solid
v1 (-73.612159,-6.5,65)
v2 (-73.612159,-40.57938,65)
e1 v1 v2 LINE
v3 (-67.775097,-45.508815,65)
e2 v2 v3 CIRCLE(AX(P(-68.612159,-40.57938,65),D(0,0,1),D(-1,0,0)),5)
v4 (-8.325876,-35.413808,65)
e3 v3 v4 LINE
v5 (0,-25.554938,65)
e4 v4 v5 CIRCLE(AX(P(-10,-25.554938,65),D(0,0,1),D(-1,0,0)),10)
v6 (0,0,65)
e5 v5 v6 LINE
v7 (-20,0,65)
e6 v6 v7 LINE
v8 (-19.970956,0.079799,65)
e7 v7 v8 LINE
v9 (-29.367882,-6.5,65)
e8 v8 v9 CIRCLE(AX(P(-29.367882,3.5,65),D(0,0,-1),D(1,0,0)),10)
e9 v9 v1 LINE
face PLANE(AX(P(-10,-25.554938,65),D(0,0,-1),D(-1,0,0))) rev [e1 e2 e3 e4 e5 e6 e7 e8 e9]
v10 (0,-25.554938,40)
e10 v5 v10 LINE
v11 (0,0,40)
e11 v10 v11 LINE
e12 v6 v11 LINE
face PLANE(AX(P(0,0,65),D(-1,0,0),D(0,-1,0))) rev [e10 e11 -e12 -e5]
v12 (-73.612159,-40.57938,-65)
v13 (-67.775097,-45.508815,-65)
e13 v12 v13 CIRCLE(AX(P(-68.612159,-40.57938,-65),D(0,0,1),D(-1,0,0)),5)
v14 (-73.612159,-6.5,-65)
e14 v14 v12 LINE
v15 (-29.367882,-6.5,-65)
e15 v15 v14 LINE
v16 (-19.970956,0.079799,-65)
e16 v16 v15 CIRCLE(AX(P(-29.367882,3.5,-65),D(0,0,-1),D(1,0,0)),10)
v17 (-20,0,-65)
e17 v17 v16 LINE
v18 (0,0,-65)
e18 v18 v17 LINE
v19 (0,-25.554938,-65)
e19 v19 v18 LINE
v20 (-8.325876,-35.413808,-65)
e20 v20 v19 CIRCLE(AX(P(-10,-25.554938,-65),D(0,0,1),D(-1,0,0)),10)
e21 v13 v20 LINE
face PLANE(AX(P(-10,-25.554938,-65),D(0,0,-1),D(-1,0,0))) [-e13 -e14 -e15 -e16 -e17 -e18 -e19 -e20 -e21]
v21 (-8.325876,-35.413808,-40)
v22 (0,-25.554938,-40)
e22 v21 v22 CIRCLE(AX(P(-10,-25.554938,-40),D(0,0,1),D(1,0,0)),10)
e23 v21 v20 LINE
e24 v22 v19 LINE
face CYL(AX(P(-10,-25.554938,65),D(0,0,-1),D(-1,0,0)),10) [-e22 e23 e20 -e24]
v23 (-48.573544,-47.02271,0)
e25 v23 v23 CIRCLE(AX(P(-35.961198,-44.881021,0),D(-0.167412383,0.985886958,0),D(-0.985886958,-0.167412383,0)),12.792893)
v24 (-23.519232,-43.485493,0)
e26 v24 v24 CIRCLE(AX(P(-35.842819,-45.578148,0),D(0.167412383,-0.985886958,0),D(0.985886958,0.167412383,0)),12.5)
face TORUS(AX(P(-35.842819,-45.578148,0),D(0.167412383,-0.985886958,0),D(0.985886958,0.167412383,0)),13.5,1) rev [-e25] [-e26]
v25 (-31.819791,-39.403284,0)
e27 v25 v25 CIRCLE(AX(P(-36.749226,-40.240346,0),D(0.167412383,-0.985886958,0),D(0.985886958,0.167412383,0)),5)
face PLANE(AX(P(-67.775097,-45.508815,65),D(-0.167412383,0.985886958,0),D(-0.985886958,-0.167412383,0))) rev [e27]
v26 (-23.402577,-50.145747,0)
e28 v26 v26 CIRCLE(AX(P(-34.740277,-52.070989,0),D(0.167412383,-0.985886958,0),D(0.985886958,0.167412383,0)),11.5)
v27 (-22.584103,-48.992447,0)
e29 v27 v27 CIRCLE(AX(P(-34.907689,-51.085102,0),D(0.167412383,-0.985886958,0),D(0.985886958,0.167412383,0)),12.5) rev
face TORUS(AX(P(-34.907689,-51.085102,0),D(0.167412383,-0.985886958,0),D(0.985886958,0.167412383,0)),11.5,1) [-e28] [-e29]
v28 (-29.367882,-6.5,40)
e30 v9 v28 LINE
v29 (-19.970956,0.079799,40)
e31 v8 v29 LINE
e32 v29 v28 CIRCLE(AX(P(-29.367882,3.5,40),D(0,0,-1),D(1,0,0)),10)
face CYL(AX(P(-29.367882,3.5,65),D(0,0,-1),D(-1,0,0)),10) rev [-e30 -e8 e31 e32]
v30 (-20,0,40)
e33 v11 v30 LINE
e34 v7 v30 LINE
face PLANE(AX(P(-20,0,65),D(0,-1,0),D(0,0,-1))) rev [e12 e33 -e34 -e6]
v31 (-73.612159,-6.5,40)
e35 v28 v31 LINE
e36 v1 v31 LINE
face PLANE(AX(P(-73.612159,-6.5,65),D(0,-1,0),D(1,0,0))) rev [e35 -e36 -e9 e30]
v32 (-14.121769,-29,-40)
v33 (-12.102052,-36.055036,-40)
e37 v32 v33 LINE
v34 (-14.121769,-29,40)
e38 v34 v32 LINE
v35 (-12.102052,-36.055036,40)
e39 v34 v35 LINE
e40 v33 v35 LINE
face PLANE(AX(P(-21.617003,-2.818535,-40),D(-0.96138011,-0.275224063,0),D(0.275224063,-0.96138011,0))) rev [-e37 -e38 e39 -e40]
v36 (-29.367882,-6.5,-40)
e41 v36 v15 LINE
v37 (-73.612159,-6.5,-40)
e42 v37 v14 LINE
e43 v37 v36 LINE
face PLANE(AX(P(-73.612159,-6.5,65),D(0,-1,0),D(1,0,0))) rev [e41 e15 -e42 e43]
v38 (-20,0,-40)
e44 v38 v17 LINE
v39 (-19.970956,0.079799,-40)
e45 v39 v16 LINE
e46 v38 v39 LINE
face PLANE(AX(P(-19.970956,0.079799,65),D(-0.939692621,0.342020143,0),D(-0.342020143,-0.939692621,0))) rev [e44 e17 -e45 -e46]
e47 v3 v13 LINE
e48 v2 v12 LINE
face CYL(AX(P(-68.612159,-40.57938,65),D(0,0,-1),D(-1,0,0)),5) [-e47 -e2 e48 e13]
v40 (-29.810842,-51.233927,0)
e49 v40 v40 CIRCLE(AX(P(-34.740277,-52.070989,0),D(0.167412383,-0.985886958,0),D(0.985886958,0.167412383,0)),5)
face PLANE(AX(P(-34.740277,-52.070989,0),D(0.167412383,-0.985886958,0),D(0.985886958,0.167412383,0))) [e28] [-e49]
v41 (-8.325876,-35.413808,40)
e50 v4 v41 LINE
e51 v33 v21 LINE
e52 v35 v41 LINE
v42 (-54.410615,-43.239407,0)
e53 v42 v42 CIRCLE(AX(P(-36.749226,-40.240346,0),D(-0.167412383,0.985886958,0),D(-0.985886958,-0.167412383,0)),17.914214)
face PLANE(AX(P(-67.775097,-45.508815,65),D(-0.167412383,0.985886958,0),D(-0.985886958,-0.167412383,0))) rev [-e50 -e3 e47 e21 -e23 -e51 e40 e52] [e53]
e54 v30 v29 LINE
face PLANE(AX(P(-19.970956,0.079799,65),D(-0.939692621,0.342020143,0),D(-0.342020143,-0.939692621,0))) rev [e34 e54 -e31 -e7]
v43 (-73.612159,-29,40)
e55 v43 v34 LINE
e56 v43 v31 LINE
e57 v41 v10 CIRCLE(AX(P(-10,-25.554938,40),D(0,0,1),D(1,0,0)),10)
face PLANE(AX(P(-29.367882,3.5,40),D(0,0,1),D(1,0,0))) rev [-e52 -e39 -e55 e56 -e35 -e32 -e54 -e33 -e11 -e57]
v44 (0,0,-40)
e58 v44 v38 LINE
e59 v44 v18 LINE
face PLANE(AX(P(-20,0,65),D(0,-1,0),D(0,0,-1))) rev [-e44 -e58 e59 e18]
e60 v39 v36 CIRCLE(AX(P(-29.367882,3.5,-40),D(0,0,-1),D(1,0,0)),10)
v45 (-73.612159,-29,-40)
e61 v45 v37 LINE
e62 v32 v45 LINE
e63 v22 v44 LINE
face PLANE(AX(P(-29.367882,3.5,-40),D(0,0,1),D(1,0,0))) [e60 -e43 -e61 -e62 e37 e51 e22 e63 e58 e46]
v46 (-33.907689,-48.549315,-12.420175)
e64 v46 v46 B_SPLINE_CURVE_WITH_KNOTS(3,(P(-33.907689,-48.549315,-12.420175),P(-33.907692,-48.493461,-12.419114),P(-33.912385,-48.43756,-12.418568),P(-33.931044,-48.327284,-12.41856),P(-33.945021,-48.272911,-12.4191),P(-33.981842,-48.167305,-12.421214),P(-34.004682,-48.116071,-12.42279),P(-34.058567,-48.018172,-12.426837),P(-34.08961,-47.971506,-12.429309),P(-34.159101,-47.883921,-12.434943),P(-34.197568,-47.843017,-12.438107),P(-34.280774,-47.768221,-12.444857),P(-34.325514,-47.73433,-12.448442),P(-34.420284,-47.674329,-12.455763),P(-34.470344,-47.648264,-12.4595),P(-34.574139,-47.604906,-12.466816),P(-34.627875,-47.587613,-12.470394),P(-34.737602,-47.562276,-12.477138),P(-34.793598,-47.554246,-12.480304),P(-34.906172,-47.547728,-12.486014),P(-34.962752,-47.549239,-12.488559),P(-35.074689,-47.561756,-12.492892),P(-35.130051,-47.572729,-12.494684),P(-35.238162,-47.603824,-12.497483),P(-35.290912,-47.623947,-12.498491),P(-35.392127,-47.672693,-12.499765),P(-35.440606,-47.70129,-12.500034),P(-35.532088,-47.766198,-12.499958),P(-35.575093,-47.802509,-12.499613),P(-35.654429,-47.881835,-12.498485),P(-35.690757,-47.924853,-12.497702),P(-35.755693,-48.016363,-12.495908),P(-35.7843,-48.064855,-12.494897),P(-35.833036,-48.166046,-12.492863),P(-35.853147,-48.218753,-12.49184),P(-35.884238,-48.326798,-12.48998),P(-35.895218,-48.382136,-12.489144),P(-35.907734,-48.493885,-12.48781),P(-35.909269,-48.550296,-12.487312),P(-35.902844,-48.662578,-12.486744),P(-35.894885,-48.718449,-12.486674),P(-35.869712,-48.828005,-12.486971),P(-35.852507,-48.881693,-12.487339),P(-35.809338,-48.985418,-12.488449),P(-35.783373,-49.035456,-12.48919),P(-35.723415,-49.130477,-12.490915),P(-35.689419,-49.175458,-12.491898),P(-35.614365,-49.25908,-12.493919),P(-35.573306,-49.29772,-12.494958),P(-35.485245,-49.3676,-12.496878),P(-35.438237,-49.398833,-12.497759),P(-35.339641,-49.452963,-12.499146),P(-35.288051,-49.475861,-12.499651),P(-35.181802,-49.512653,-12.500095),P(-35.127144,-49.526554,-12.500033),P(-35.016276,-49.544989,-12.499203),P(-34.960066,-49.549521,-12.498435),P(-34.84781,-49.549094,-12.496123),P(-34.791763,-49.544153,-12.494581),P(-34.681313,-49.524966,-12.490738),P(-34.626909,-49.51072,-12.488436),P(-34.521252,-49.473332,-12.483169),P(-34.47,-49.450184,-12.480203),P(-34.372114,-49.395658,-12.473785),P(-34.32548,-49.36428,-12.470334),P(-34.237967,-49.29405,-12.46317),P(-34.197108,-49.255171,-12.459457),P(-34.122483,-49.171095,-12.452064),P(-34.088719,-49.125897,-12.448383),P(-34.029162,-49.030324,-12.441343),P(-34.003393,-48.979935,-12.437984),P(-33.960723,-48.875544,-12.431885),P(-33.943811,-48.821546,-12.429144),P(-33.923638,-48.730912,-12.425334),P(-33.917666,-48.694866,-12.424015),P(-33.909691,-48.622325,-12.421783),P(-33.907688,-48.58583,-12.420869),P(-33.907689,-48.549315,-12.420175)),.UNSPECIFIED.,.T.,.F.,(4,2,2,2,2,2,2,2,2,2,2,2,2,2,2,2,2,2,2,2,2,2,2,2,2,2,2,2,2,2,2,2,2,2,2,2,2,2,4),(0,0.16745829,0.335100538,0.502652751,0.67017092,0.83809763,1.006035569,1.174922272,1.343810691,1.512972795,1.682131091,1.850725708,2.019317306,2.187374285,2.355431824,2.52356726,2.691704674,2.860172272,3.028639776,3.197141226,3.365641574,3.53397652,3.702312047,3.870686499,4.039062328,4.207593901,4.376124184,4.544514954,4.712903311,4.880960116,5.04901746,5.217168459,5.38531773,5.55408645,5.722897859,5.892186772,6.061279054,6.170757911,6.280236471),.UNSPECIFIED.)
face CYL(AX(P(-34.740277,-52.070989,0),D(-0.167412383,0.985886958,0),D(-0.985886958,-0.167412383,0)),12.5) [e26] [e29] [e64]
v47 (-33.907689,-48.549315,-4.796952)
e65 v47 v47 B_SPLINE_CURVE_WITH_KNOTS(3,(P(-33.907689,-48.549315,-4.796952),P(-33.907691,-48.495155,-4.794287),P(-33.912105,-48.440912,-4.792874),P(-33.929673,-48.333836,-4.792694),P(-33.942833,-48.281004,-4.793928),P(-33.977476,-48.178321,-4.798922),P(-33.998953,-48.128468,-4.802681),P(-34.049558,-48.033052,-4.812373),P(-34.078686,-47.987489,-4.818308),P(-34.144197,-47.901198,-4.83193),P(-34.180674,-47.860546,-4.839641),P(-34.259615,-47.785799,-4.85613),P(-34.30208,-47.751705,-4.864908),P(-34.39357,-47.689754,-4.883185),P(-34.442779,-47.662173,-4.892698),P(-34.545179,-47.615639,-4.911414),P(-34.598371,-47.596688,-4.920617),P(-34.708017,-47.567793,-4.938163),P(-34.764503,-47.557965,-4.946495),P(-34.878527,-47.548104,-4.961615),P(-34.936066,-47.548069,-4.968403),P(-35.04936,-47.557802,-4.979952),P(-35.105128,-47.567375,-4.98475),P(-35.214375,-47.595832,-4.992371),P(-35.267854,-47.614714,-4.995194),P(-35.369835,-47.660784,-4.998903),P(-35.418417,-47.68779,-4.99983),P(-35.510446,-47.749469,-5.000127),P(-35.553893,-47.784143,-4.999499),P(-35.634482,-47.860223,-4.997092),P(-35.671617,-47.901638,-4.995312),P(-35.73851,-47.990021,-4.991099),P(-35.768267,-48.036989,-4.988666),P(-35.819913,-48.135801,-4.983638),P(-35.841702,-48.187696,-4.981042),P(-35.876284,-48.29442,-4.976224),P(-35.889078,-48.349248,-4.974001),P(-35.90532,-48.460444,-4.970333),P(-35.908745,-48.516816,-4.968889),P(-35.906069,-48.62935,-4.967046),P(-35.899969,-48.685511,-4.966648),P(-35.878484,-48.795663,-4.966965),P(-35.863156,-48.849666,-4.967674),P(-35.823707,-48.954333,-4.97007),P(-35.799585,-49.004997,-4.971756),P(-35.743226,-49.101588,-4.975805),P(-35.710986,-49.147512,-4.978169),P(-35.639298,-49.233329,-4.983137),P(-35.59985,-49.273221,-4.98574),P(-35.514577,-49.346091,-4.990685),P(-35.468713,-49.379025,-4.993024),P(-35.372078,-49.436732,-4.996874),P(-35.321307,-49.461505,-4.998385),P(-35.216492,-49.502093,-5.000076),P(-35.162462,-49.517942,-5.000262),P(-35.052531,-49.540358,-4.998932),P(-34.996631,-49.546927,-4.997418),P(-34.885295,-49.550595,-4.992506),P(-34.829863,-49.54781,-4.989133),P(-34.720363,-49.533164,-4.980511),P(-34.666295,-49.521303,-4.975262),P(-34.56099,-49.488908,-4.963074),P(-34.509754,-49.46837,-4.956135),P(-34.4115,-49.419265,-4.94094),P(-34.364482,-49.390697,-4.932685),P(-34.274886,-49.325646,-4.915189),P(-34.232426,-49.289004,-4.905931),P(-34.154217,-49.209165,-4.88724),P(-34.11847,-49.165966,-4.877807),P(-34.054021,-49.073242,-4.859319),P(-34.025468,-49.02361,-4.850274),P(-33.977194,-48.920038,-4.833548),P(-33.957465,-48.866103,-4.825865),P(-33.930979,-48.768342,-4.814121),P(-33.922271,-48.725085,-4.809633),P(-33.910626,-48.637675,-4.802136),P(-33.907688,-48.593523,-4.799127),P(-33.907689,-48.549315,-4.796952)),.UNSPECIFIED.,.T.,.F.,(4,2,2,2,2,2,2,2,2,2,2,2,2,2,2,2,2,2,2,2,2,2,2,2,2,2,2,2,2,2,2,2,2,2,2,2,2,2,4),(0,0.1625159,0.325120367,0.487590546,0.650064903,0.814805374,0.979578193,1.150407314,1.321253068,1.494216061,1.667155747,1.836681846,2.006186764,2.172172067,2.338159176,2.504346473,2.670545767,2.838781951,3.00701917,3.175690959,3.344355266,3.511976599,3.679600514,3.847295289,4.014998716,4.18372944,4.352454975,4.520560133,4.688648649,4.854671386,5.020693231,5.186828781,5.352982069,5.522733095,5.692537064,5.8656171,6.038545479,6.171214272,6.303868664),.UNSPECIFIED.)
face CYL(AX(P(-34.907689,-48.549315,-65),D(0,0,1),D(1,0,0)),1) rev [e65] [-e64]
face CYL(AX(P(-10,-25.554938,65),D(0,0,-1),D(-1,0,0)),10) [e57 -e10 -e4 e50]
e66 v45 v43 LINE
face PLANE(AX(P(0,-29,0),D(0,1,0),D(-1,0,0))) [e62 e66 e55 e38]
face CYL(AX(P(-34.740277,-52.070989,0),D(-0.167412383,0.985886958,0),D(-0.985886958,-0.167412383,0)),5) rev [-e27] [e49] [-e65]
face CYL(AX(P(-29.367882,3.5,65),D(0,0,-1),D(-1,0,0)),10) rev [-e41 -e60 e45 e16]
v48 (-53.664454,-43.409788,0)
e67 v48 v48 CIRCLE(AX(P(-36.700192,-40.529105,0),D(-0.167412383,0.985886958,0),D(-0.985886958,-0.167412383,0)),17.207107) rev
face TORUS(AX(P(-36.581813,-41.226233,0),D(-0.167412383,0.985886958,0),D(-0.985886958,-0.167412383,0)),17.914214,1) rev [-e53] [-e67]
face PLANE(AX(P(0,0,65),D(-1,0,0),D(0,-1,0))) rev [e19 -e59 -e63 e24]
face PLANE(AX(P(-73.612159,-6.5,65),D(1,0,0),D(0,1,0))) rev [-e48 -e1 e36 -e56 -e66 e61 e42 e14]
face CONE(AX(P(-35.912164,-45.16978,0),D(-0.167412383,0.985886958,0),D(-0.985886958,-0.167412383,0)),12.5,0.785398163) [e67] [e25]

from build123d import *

# Parameters (mm, degrees)
BOSS_EXTRUDE1_DEPTH = 65
CUT_EXTRUDE1_DEPTH  = 40
CUT_EXTRUDE4_DEPTH  = 22.5
SKETCH6_R           = 12.5
SKETCH6_R_2         = 5
BOSS_EXTRUDE2_DEPTH = 12
CHAMFER1_SIZE       = 5
FILLET1_R           = 1
SKETCH7_R           = 1
CUT_EXTRUDE5_DEPTH  = 66


with BuildPart() as part:
    # Sketch1 → Boss-Extrude1 (new body, symmetric)
    with BuildSketch(Plane.XY):
        with BuildLine():
            Line((0, 0), (0, -25.554938316))
            ThreePointArc((0, -25.554938316), (-2.359933303, -32.007021768), (-8.325876175, -35.413807897))
            Line((-8.325876175, -35.413807897), (-67.775097409, -45.508814922))
            ThreePointArc((-67.775097409, -45.508814922), (-71.838201048, -44.399413479), (-73.612159322, -40.579380131))
            Line((-73.612159322, -40.579380131), (-73.612159322, -6.5))
            Line((-73.612159322, -6.5), (-29.367881905, -6.5))
            ThreePointArc((-29.367881905, -6.5), (-23.632117541, -4.691520443), (-19.970955697, 0.079798567))
            Line((-19.970955697, 0.079798567), (-20, 0))
            Line((-20, 0), (0, 0))
        make_face()
    extrude(amount=BOSS_EXTRUDE1_DEPTH, both=True)

    # Sketch2 → Cut-Extrude1 (cut, symmetric)
    with BuildSketch(Plane.XY):
        with BuildLine():
            Line((-20, 0), (-19.970955697, 0.079798567))
            ThreePointArc((-19.970955697, 0.079798567), (-20.672372291, -1.438432196), (-21.617003148, -2.818534521))
            Line((-21.617003148, -2.818534521), (-12.102051753, -36.055036129))
            Line((-12.102051753, -36.055036129), (-8.325876175, -35.413807897))
            ThreePointArc((-8.325876175, -35.413807897), (-2.359933303, -32.007021768), (0, -25.554938316))
            Line((0, -25.554938316), (0, 0))
            Line((0, 0), (-20, 0))
        make_face()
    extrude(amount=CUT_EXTRUDE1_DEPTH, both=True, mode=Mode.SUBTRACT)

    # Sketch5 → Cut-Extrude4 (cut, symmetric)
    with BuildSketch(Plane(origin=(0, -6.5, 0), x_dir=(1, 0, 0), z_dir=(0, 1, 0))):
        Polygon((-73.612159322, 40), (-29.401702386, 40), (0, 40), (0, -40), (-29.367881905, -40), (-73.612159322, -40), align=None)
    extrude(amount=CUT_EXTRUDE4_DEPTH, both=True, mode=Mode.SUBTRACT)

    # Sketch6 → Boss-Extrude2 (add)
    with BuildSketch(Plane(origin=(5.611689276, -33.047085202, 0), x_dir=(0.985886958, 0.167412383, 0), z_dir=(0.167412383, -0.985886958, 0))):
        with Locations((-42.967314491, 0)):
            Circle(SKETCH6_R)
        with Locations((-42.967314491, 0)):
            Circle(SKETCH6_R_2, mode=Mode.SUBTRACT)
    extrude(amount=BOSS_EXTRUDE2_DEPTH)

    # Chamfer1
    chamfer1_edges = [part.edges().sort_by_distance(p)[0] for p in [
        (-49.072812682, -42.333000474, 0),
    ]]
    chamfer(chamfer1_edges, length=CHAMFER1_SIZE)

    # Fillet1
    fillet1_edges = [part.edges().sort_by_distance(p)[0] for p in [
        (-54.002247473, -43.170062387, 0),
        (-47.063864092, -54.163643971, 0),
        (-48.23575077, -47.262435265, 0),
    ]]
    fillet(fillet1_edges, radius=FILLET1_R)

    # Sketch7 → Cut-Extrude5 (cut, through all)
    with BuildSketch(Plane.XY):
        with Locations((-34.907689498, -48.549314554)):
            Circle(SKETCH7_R)
    extrude(amount=-CUT_EXTRUDE5_DEPTH, mode=Mode.SUBTRACT)


solid = part.part
